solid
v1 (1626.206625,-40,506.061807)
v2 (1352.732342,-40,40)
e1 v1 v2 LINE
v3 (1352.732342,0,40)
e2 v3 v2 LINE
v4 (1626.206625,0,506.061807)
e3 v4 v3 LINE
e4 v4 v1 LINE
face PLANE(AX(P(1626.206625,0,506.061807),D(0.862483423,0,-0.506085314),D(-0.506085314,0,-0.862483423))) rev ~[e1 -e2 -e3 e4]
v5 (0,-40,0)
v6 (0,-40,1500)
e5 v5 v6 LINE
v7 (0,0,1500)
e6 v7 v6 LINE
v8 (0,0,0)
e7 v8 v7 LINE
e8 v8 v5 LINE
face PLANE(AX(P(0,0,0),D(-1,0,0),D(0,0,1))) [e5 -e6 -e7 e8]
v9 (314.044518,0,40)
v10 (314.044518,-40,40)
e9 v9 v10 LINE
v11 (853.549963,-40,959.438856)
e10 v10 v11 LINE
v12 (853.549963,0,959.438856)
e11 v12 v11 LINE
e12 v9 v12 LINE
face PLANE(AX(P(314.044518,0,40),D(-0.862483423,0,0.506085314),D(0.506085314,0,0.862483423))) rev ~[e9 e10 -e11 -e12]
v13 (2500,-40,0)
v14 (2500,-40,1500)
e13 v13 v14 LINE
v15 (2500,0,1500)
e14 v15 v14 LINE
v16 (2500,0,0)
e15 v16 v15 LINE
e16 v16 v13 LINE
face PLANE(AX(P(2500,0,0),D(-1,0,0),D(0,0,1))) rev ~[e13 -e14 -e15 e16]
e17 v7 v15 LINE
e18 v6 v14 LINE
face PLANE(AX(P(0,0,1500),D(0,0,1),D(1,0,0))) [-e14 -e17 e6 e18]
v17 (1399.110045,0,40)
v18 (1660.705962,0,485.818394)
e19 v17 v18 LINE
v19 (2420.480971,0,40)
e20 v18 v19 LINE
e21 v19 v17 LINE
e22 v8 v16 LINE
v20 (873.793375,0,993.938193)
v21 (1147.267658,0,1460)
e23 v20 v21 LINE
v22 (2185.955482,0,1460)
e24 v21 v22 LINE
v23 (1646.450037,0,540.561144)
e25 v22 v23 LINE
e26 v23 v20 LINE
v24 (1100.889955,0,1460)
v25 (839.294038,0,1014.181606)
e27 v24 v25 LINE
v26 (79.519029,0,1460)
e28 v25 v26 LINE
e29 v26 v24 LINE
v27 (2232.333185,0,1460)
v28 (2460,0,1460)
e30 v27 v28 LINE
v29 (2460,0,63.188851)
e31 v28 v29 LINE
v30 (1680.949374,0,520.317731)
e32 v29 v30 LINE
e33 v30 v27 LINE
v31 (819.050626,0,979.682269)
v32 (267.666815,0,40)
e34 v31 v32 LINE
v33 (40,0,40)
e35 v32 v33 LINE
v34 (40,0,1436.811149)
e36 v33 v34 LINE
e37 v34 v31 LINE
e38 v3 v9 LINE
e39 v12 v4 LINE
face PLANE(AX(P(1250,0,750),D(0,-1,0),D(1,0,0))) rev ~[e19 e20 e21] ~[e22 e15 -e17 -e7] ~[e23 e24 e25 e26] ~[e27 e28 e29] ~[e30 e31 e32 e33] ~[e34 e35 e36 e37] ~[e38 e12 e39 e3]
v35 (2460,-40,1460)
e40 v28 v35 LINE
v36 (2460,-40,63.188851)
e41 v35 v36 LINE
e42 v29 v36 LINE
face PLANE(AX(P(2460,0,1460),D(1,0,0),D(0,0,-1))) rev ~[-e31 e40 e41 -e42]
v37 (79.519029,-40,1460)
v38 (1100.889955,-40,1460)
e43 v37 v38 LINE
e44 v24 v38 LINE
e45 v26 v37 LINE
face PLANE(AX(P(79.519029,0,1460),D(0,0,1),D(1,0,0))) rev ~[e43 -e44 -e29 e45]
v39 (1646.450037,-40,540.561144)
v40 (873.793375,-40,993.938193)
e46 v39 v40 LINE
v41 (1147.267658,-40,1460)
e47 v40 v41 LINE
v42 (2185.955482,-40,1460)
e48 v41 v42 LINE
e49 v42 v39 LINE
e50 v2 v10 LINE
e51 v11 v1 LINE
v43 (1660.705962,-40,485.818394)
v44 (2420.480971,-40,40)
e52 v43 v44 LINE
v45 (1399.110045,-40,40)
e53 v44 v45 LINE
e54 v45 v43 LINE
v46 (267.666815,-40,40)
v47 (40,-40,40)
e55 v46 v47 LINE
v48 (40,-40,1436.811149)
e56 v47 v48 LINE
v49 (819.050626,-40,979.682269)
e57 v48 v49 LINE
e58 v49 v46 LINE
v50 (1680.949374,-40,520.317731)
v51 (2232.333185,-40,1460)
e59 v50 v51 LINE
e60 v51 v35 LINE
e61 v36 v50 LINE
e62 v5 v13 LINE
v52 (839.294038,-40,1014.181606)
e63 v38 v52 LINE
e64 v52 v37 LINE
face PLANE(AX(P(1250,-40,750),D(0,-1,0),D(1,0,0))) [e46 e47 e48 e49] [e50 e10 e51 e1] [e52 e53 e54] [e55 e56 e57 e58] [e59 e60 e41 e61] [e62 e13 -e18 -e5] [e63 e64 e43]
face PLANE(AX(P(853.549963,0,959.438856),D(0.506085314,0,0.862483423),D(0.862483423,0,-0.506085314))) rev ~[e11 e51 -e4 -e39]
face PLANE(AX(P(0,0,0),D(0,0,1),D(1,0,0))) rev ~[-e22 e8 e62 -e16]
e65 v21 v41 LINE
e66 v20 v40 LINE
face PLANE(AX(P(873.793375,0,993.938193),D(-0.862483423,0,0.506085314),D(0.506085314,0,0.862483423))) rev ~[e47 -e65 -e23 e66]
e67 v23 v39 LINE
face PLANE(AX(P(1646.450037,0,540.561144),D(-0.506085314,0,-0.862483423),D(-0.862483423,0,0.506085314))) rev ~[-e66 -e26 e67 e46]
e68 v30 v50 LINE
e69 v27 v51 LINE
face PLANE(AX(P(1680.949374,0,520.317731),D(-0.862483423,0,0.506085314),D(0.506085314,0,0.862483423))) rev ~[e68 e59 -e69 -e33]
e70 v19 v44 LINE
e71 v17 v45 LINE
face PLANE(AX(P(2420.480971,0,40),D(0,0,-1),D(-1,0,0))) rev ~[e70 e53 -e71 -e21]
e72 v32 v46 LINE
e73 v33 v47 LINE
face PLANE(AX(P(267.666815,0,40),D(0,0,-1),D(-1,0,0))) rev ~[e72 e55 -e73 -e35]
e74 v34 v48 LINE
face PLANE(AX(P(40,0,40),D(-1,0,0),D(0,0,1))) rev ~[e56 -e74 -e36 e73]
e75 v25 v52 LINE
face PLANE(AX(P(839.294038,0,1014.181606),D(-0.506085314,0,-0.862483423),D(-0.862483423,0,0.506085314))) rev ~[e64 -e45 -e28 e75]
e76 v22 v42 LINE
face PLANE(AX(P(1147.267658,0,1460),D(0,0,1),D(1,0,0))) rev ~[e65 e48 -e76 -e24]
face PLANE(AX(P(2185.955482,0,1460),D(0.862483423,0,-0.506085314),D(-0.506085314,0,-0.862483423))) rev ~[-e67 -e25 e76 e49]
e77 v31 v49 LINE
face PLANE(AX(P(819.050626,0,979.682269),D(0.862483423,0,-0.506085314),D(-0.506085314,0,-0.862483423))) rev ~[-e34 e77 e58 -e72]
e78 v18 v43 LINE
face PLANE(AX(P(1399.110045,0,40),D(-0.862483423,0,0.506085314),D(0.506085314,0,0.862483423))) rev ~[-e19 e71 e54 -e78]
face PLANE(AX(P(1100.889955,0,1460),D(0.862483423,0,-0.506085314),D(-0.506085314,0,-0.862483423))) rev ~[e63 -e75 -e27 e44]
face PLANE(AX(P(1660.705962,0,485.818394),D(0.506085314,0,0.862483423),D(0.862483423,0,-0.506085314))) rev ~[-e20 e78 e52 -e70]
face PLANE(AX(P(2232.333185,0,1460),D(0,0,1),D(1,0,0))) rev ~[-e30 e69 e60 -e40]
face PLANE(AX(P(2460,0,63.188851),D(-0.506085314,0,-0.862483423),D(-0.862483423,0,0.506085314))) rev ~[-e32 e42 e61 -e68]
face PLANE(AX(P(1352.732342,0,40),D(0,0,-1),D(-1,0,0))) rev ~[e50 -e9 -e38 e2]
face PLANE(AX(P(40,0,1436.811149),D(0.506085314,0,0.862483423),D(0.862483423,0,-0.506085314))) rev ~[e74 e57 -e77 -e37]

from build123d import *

# Parameters (mm, degrees)
F0_W     = 2500
F0_H     = 1500
F1_DEPTH = 40


with BuildPart() as f1:
    # F0 (on Front) → F1 (new body)
    with BuildSketch(Plane.XZ):
        with Locations((1250, 750)):
            Rectangle(F0_W, F0_H)
        Polygon((40, 1436.8111485162), (40, 1460), (79.5190285851, 1460), (1100.8899553859, 1460), (1147.2676583536, 1460), (2185.9554821423, 1460), (2232.33318511, 1460), (2460, 1460), (2460, 63.1888514838), (2460, 40), (2420.4809714149, 40), (1399.1100446141, 40), (1352.7323416464, 40), (314.0445178577, 40), (267.66681489, 40), (40, 40), align=None, mode=Mode.SUBTRACT)
        Polygon((853.5499625474, 959.4388564429), (819.0506256329, 979.6822690125), (267.66681489, 40), (314.0445178577, 40), align=None)
        Polygon((79.5190285851, 1460), (40, 1460), (40, 1436.8111485162), (819.0506256329, 979.6822690125), (839.2940382026, 1014.181605927), align=None)
        Polygon((873.793375117, 993.9381933573), (839.2940382026, 1014.181605927), (819.0506256329, 979.6822690125), (853.5499625474, 959.4388564429), align=None)
        Polygon((1147.2676583536, 1460), (1100.8899553859, 1460), (839.2940382026, 1014.181605927), (873.793375117, 993.9381933573), align=None)
        Polygon((1646.4500374526, 540.5611435571), (873.793375117, 993.9381933573), (853.5499625474, 959.4388564429), (1626.206624883, 506.0618066427), align=None)
        Polygon((2232.33318511, 1460), (2185.9554821423, 1460), (1646.4500374526, 540.5611435571), (1680.9493743671, 520.3177309875), align=None)
        Polygon((2460, 63.1888514838), (1680.9493743671, 520.3177309875), (1660.7059617974, 485.818394073), (2420.4809714149, 40), (2460, 40), align=None)
        Polygon((1680.9493743671, 520.3177309875), (1646.4500374526, 540.5611435571), (1626.206624883, 506.0618066427), (1660.7059617974, 485.818394073), align=None)
        Polygon((1660.7059617974, 485.818394073), (1626.206624883, 506.0618066427), (1352.7323416464, 40), (1399.1100446141, 40), align=None)
    extrude(amount=F1_DEPTH)


solid = f1.part
